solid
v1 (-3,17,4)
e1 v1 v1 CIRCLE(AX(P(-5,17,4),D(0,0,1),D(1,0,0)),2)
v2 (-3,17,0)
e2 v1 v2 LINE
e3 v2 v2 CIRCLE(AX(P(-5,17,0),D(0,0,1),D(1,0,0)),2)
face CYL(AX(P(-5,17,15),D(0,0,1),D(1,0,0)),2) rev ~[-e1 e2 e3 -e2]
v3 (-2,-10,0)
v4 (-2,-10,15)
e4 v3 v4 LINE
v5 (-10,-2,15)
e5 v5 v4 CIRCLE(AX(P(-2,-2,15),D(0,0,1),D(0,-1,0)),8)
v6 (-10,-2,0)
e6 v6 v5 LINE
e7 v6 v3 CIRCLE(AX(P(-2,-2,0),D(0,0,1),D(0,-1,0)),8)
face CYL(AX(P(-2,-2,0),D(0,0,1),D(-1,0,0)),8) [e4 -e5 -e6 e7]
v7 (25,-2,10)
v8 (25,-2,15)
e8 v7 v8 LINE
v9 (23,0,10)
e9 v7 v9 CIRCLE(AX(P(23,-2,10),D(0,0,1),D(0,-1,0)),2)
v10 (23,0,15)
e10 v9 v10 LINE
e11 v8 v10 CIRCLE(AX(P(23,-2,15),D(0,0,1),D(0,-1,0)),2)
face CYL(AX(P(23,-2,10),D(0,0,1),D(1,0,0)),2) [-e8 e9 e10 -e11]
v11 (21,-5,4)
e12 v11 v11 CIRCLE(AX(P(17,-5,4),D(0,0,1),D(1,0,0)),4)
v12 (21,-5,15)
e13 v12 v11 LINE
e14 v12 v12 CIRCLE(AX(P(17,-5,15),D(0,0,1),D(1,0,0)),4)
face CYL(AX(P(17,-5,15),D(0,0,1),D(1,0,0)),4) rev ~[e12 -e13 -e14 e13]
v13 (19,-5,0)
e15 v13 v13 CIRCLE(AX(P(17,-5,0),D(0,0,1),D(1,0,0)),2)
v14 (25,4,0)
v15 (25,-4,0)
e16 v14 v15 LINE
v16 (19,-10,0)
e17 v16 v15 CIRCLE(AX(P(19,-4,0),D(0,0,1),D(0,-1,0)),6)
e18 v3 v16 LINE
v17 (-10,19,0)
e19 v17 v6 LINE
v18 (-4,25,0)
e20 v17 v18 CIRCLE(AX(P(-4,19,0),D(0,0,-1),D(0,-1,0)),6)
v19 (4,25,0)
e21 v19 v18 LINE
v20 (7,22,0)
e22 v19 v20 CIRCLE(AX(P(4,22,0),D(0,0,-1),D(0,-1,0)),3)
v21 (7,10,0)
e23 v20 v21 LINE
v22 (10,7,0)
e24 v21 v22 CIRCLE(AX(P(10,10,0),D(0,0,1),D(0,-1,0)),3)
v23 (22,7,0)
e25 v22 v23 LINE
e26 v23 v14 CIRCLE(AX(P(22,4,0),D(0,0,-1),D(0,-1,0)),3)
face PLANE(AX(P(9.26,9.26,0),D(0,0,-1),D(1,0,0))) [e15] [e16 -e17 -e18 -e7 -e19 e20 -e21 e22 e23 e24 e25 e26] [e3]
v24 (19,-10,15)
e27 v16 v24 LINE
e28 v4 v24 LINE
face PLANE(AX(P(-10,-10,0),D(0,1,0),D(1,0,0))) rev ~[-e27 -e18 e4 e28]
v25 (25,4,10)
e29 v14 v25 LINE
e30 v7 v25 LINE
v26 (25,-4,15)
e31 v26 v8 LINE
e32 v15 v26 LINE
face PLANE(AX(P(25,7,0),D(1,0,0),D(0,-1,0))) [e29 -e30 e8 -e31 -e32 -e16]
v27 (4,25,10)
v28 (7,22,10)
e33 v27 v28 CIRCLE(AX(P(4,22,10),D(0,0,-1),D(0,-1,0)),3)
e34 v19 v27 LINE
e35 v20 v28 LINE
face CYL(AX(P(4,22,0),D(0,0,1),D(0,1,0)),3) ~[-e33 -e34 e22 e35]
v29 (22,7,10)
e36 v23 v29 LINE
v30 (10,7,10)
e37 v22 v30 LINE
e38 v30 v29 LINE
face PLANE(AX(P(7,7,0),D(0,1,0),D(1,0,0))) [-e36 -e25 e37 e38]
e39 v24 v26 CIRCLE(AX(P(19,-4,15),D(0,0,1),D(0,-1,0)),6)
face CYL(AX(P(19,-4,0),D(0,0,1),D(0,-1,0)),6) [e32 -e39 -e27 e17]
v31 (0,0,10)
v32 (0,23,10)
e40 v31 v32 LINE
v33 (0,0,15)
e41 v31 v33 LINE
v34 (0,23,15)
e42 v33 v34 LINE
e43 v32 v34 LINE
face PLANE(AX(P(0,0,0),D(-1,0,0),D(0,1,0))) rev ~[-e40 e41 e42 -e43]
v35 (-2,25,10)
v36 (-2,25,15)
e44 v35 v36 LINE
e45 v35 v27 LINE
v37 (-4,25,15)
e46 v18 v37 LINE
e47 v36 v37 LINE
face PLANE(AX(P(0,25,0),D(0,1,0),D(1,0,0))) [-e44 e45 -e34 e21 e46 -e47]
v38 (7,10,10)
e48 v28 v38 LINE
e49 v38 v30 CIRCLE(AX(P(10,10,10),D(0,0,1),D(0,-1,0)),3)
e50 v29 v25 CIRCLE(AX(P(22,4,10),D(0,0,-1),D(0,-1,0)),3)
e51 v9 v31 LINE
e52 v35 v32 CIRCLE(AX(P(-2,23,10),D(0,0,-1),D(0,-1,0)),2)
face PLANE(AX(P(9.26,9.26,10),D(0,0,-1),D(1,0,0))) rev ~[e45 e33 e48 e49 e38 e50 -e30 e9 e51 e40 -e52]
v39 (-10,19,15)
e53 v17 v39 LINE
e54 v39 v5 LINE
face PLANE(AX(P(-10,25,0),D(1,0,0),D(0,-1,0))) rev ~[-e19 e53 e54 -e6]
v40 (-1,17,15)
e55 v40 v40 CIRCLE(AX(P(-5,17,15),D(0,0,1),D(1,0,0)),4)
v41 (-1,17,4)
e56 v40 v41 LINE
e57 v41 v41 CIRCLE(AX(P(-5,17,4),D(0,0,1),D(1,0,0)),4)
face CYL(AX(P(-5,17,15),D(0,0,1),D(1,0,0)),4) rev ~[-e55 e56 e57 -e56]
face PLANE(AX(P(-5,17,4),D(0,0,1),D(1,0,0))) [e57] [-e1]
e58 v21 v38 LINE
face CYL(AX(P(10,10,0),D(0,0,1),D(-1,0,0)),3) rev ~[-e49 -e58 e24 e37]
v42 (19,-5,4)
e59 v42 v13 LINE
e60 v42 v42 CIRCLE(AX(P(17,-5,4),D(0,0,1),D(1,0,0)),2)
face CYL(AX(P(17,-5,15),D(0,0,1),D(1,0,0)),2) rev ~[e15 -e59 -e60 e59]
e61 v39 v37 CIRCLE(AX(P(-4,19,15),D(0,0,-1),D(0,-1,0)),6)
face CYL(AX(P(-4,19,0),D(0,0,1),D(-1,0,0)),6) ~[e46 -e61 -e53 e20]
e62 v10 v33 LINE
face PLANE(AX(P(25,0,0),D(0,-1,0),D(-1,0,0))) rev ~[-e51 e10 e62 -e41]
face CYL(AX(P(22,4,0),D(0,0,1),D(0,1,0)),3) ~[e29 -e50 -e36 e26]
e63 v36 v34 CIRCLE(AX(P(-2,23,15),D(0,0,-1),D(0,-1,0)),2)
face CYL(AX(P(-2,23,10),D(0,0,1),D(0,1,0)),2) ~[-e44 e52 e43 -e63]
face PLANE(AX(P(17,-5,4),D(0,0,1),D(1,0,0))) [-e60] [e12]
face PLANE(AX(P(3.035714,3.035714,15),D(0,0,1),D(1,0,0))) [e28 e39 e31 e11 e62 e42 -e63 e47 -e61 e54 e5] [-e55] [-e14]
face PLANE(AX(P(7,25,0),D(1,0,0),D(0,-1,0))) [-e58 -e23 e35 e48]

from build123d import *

# Parameters (mm, degrees)
F1_DEPTH = 15
F3_DEPTH = 10
F4_R     = 2
F5_DEPTH = 25
F6_R     = 4
F7_DEPTH = 11
F8_R     = 8
F9_R     = 6
F10_R    = 3
F11_R    = 2


with BuildPart() as f1:
    # F0 (on Top) → F1 (new body)
    with BuildSketch(Plane.XY):
        Polygon((25, 0), (0, 0), (0, 25), (-10, 25), (-10, -10), (25, -10), align=None)
    extrude(amount=F1_DEPTH)

    # F2 (on face) → F3 (join)
    with BuildSketch(Plane(origin=(0, 0, 0), x_dir=(1, 0, 0), z_dir=(0, 0, -1))):
        Polygon((25, 0), (0, 0), (0, -25), (7, -25), (7, -7), (25, -7), align=None)
    extrude(amount=-F3_DEPTH)

    # F4 (on face) → F5 (cut)
    with BuildSketch(Plane.XY.offset(15)):
        with Locations((17, -5)):
            Circle(F4_R)
        with Locations((-5, 17)):
            Circle(F4_R)
    extrude(amount=-F5_DEPTH, mode=Mode.SUBTRACT)

    # F6 (on face) → F7 (cut)
    with BuildSketch(Plane.XY.offset(15)):
        with Locations((17, -5)):
            Circle(F6_R)
        with Locations((-5, 17)):
            Circle(F6_R)
    extrude(amount=-F7_DEPTH, mode=Mode.SUBTRACT)

    # F8
    f8_edges = [f1.edges().sort_by_distance(p)[0] for p in [
        (-10, -10, 7.5),
    ]]
    fillet(f8_edges, radius=F8_R)

    # F9
    f9_edges = [f1.edges().sort_by_distance(p)[0] for p in [
        (25, -10, 7.5),
        (-10, 25, 7.5),
    ]]
    fillet(f9_edges, radius=F9_R)

    # F10
    f10_edges = [f1.edges().sort_by_distance(p)[0] for p in [
        (25, 7, 5),
        (7, 7, 5),
        (7, 25, 5),
    ]]
    fillet(f10_edges, radius=F10_R)

    # F11
    f11_edges = [f1.edges().sort_by_distance(p)[0] for p in [
        (25, 0, 12.5),
        (0, 25, 12.5),
    ]]
    fillet(f11_edges, radius=F11_R)


solid = f1.part
